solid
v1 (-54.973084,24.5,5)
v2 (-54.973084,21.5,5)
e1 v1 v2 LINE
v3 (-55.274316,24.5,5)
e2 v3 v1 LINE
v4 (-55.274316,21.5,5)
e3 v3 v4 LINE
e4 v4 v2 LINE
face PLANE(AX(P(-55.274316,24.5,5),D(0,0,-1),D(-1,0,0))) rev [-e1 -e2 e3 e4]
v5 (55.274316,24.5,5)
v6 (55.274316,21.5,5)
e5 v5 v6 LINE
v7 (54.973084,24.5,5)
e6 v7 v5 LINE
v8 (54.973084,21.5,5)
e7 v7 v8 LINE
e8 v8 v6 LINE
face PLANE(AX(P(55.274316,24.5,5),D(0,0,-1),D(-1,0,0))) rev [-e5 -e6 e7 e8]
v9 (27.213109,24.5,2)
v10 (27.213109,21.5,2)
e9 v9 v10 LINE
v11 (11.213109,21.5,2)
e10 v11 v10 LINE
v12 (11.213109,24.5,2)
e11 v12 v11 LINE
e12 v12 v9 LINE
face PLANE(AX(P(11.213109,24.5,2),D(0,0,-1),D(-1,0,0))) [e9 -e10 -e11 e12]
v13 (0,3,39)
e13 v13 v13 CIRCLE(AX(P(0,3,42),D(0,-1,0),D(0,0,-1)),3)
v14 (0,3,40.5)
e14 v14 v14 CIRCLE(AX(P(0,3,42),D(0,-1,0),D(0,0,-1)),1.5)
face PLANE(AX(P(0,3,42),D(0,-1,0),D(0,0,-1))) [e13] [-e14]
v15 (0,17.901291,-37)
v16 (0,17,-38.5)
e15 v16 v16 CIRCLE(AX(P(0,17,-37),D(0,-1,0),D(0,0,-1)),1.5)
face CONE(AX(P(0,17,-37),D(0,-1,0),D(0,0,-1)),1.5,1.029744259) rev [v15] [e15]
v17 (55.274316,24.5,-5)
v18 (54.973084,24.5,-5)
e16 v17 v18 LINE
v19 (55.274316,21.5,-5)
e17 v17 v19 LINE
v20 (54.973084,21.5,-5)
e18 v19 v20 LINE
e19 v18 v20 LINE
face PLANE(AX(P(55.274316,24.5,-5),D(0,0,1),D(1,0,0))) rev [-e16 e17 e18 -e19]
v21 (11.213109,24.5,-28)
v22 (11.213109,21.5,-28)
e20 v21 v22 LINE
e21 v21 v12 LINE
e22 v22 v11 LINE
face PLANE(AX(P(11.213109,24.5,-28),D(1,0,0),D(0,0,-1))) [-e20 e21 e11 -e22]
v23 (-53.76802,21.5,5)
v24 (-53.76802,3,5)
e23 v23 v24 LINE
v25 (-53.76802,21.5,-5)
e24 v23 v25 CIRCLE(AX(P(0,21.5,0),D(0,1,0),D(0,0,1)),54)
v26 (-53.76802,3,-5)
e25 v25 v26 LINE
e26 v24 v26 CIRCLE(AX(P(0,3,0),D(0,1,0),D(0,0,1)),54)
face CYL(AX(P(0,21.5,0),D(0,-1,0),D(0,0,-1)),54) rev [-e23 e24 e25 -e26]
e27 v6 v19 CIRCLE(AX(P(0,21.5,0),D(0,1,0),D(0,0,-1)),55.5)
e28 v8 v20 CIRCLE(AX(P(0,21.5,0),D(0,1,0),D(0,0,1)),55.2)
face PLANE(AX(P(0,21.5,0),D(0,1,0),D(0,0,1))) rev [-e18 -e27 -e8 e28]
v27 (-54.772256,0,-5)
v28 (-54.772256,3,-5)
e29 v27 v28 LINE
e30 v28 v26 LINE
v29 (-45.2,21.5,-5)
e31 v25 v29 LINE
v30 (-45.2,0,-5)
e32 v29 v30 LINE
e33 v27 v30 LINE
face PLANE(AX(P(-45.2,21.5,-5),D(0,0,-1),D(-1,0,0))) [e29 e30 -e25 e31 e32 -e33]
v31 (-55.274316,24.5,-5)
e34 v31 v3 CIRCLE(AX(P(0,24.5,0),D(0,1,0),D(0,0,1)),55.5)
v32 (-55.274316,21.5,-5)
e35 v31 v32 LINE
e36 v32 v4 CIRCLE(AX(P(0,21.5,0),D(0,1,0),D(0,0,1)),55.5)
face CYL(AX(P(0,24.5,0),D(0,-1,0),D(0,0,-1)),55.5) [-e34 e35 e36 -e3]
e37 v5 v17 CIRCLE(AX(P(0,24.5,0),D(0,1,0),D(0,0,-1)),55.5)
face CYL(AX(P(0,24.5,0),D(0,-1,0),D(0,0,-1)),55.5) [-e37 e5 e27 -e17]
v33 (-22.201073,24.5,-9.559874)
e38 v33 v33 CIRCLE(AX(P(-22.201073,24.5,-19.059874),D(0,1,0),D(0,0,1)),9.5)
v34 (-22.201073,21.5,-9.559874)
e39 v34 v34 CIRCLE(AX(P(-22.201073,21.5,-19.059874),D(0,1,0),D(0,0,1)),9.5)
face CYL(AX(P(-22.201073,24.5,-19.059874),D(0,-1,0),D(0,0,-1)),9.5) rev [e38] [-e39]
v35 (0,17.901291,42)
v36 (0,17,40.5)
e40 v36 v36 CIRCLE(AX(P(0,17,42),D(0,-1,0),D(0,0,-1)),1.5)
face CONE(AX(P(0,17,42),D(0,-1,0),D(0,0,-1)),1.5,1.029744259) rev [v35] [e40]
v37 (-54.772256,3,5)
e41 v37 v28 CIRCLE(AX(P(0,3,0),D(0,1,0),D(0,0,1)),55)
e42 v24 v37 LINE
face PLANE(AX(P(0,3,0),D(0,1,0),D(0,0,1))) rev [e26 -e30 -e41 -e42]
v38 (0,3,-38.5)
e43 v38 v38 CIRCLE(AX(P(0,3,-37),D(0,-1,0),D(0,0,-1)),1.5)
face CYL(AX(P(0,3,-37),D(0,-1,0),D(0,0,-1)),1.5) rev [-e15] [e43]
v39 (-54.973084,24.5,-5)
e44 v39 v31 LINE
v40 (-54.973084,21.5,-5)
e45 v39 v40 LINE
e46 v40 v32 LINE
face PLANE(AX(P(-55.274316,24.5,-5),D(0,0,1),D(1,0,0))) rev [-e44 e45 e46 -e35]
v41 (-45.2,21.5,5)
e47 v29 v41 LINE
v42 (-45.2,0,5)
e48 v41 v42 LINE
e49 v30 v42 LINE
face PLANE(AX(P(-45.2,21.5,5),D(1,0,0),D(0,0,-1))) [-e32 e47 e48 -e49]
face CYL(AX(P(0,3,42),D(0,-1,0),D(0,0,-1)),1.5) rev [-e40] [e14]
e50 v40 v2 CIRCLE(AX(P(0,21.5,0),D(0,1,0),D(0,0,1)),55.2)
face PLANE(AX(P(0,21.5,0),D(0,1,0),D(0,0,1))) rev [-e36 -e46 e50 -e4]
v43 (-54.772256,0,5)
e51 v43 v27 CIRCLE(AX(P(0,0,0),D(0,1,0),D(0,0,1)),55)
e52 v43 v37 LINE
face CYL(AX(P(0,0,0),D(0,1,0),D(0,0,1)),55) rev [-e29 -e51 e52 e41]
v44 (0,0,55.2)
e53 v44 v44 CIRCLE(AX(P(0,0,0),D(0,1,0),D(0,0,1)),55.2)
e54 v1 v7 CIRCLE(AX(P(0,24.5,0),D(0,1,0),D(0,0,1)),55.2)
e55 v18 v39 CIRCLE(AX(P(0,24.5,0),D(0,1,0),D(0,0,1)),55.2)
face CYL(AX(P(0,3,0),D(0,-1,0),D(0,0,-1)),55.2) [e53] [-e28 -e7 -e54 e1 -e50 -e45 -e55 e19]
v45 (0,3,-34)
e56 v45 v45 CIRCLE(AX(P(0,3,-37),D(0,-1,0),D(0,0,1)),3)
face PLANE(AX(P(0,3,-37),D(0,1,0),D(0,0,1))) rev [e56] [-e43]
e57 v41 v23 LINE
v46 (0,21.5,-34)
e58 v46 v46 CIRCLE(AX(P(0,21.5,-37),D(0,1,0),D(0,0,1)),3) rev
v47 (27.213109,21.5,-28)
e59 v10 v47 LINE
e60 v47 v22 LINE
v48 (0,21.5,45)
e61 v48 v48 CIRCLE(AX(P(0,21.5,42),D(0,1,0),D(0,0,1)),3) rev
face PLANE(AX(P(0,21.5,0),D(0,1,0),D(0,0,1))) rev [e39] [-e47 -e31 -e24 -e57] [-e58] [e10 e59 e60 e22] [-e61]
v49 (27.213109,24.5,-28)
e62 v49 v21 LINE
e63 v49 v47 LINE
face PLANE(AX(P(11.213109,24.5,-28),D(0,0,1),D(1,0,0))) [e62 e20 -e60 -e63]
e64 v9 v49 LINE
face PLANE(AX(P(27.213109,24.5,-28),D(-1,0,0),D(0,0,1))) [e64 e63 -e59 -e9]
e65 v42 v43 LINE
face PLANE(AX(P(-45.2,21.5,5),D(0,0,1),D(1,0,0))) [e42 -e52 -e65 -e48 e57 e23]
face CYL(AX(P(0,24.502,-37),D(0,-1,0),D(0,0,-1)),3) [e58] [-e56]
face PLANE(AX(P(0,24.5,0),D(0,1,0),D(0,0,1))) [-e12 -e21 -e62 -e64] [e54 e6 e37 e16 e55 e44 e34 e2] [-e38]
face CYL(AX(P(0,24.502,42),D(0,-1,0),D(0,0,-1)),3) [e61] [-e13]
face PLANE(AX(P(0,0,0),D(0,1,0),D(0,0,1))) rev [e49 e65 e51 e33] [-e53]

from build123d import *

# Parameters (mm, degrees)
SKETCH1_R                 = 55.2
BOSS_EXTRUDE1_DEPTH       = 3
SKETCH2_R                 = 55
CUT_EXTRUDE1_DEPTH        = 79.12221195
SKETCH4_R                 = 55.2
BOSS_EXTRUDE2_DEPTH       = 18.5
BOSS_EXTRUDE4_DEPTH       = 3
SKETCH6_R                 = 9.5
SKETCH6_W                 = 16
SKETCH6_H                 = 30
BOSS_EXTRUDE3_DEPTH       = 3
BOSS_EXTRUDE9_REACH       = 83.176
SKETCH15_R                = 3
F_3_0MM_DOWEL_HOLE2_D     = 3
F_3_0MM_DOWEL_HOLE2_DEPTH = 14
F_3_0MM_DOWEL_HOLE2_TIP   = 0.901290929


with BuildPart() as part:
    # Sketch1 → Boss-Extrude1 (new body)
    with BuildSketch(Plane(origin=(0, 0, 0), x_dir=(1, 0, 0), z_dir=(0, 1, 0))):
        with Locations(Location((0, 0, 0), (0, 0, 270))):
            Circle(SKETCH1_R)
    extrude(amount=BOSS_EXTRUDE1_DEPTH)

    # Sketch2 → Cut-Extrude1 (cut, through all)
    with BuildSketch(Plane(origin=(0, 3, 0), x_dir=(1, 0, 0), z_dir=(0, 1, 0))):
        with Locations(Location((0, 0, 0), (0, 0, 270))):
            Circle(SKETCH2_R)
    extrude(amount=-CUT_EXTRUDE1_DEPTH, mode=Mode.SUBTRACT)

    # Sketch4 → Boss-Extrude2 (add)
    with BuildSketch(Plane(origin=(0, 3, 0), x_dir=(1, 0, 0), z_dir=(0, 1, 0))):
        with Locations(Location((0, 0, 0), (0, 0, 270))):
            Circle(SKETCH4_R)
        with BuildLine():
            Line((-45.2, -5), (-45.2, 5))
            Line((-45.2, 5), (-53.768020235, 5))
            ThreePointArc((-53.768020235, 5), (54, 0), (-53.768020235, -5))
            Line((-53.768020235, -5), (-45.2, -5))
        make_face(mode=Mode.SUBTRACT)
    extrude(amount=BOSS_EXTRUDE2_DEPTH)

    # Sketch8 → Boss-Extrude4 (add)
    with BuildSketch(Plane.XZ.offset(-3)):
        with BuildLine():
            Line((-45.2, 5), (-54.772255751, 5))
            ThreePointArc((-54.772255751, 5), (-55, 0), (-54.772255751, -5))
            Line((-54.772255751, -5), (-45.2, -5))
            Line((-45.2, -5), (-45.2, 5))
        make_face()
    extrude(amount=BOSS_EXTRUDE4_DEPTH)

    # Sketch6 → Boss-Extrude3 (add)
    with BuildSketch(Plane(origin=(0, 21.5, 0), x_dir=(1, 0, 0), z_dir=(0, 1, 0))):
        with BuildLine():
            Line((-55.274315916, -5), (-54.973084323, -5))
            ThreePointArc((-54.973084323, -5), (0, -55.2), (54.973084323, -5))
            Line((54.973084323, -5), (55.274315916, -5))
            ThreePointArc((55.274315916, -5), (55.5, 0), (55.274315916, 5))
            Line((55.274315916, 5), (54.973084323, 5))
            ThreePointArc((54.973084323, 5), (0, 55.2), (-54.973084323, 5))
            Line((-54.973084323, 5), (-55.274315916, 5))
            ThreePointArc((-55.274315916, 5), (-55.5, 0), (-55.274315916, -5))
        make_face()
        with Locations(Location((-22.20107336, 19.059873591, 0), (0, 0, 270))):
            Circle(SKETCH6_R, mode=Mode.SUBTRACT)
        with Locations((19.213108786, 13)):
            Rectangle(SKETCH6_W, SKETCH6_H, mode=Mode.SUBTRACT)
    extrude(amount=BOSS_EXTRUDE3_DEPTH)

    # Sketch15 → Boss-Extrude9 (add, up to next)
    with BuildSketch(Plane.XZ.offset(-3), mode=Mode.PRIVATE) as boss_extrude9_sk1:
        with Locations(Location((0, 42, 0), (0, 0, 270))):
            Circle(SKETCH15_R)
    boss_extrude9_tool1 = extrude(boss_extrude9_sk1.sketch, amount=-BOSS_EXTRUDE9_REACH, mode=Mode.PRIVATE) - part.part
    # Sketch15 → Boss-Extrude9 (add, up to next)
    with BuildSketch(Plane.XZ.offset(-3), mode=Mode.PRIVATE) as boss_extrude9_sk2:
        with Locations(Location((0, -37, 0), (0, 0, 90))):
            Circle(SKETCH15_R)
    boss_extrude9_tool2 = extrude(boss_extrude9_sk2.sketch, amount=-BOSS_EXTRUDE9_REACH, mode=Mode.PRIVATE) - part.part
    add(boss_extrude9_tool1.solids().sort_by_distance((0, 3, 42))[0])
    add(boss_extrude9_tool2.solids().sort_by_distance((0, 3, -37))[0])

    # Ø3.0mm Dowel Hole2
    with Locations(Plane(origin=(0, 3, 42), x_dir=(0, 0, -1), z_dir=(0, -1, 0))):
        with Locations((0, 0), (79, 0)):
            Hole(F_3_0MM_DOWEL_HOLE2_D / 2, depth=F_3_0MM_DOWEL_HOLE2_DEPTH)
            with Locations((0, 0, -(F_3_0MM_DOWEL_HOLE2_DEPTH + F_3_0MM_DOWEL_HOLE2_TIP / 2))):  # 118° drill point
                Cone(0, F_3_0MM_DOWEL_HOLE2_D / 2, F_3_0MM_DOWEL_HOLE2_TIP, mode=Mode.SUBTRACT)


solid = part.part
